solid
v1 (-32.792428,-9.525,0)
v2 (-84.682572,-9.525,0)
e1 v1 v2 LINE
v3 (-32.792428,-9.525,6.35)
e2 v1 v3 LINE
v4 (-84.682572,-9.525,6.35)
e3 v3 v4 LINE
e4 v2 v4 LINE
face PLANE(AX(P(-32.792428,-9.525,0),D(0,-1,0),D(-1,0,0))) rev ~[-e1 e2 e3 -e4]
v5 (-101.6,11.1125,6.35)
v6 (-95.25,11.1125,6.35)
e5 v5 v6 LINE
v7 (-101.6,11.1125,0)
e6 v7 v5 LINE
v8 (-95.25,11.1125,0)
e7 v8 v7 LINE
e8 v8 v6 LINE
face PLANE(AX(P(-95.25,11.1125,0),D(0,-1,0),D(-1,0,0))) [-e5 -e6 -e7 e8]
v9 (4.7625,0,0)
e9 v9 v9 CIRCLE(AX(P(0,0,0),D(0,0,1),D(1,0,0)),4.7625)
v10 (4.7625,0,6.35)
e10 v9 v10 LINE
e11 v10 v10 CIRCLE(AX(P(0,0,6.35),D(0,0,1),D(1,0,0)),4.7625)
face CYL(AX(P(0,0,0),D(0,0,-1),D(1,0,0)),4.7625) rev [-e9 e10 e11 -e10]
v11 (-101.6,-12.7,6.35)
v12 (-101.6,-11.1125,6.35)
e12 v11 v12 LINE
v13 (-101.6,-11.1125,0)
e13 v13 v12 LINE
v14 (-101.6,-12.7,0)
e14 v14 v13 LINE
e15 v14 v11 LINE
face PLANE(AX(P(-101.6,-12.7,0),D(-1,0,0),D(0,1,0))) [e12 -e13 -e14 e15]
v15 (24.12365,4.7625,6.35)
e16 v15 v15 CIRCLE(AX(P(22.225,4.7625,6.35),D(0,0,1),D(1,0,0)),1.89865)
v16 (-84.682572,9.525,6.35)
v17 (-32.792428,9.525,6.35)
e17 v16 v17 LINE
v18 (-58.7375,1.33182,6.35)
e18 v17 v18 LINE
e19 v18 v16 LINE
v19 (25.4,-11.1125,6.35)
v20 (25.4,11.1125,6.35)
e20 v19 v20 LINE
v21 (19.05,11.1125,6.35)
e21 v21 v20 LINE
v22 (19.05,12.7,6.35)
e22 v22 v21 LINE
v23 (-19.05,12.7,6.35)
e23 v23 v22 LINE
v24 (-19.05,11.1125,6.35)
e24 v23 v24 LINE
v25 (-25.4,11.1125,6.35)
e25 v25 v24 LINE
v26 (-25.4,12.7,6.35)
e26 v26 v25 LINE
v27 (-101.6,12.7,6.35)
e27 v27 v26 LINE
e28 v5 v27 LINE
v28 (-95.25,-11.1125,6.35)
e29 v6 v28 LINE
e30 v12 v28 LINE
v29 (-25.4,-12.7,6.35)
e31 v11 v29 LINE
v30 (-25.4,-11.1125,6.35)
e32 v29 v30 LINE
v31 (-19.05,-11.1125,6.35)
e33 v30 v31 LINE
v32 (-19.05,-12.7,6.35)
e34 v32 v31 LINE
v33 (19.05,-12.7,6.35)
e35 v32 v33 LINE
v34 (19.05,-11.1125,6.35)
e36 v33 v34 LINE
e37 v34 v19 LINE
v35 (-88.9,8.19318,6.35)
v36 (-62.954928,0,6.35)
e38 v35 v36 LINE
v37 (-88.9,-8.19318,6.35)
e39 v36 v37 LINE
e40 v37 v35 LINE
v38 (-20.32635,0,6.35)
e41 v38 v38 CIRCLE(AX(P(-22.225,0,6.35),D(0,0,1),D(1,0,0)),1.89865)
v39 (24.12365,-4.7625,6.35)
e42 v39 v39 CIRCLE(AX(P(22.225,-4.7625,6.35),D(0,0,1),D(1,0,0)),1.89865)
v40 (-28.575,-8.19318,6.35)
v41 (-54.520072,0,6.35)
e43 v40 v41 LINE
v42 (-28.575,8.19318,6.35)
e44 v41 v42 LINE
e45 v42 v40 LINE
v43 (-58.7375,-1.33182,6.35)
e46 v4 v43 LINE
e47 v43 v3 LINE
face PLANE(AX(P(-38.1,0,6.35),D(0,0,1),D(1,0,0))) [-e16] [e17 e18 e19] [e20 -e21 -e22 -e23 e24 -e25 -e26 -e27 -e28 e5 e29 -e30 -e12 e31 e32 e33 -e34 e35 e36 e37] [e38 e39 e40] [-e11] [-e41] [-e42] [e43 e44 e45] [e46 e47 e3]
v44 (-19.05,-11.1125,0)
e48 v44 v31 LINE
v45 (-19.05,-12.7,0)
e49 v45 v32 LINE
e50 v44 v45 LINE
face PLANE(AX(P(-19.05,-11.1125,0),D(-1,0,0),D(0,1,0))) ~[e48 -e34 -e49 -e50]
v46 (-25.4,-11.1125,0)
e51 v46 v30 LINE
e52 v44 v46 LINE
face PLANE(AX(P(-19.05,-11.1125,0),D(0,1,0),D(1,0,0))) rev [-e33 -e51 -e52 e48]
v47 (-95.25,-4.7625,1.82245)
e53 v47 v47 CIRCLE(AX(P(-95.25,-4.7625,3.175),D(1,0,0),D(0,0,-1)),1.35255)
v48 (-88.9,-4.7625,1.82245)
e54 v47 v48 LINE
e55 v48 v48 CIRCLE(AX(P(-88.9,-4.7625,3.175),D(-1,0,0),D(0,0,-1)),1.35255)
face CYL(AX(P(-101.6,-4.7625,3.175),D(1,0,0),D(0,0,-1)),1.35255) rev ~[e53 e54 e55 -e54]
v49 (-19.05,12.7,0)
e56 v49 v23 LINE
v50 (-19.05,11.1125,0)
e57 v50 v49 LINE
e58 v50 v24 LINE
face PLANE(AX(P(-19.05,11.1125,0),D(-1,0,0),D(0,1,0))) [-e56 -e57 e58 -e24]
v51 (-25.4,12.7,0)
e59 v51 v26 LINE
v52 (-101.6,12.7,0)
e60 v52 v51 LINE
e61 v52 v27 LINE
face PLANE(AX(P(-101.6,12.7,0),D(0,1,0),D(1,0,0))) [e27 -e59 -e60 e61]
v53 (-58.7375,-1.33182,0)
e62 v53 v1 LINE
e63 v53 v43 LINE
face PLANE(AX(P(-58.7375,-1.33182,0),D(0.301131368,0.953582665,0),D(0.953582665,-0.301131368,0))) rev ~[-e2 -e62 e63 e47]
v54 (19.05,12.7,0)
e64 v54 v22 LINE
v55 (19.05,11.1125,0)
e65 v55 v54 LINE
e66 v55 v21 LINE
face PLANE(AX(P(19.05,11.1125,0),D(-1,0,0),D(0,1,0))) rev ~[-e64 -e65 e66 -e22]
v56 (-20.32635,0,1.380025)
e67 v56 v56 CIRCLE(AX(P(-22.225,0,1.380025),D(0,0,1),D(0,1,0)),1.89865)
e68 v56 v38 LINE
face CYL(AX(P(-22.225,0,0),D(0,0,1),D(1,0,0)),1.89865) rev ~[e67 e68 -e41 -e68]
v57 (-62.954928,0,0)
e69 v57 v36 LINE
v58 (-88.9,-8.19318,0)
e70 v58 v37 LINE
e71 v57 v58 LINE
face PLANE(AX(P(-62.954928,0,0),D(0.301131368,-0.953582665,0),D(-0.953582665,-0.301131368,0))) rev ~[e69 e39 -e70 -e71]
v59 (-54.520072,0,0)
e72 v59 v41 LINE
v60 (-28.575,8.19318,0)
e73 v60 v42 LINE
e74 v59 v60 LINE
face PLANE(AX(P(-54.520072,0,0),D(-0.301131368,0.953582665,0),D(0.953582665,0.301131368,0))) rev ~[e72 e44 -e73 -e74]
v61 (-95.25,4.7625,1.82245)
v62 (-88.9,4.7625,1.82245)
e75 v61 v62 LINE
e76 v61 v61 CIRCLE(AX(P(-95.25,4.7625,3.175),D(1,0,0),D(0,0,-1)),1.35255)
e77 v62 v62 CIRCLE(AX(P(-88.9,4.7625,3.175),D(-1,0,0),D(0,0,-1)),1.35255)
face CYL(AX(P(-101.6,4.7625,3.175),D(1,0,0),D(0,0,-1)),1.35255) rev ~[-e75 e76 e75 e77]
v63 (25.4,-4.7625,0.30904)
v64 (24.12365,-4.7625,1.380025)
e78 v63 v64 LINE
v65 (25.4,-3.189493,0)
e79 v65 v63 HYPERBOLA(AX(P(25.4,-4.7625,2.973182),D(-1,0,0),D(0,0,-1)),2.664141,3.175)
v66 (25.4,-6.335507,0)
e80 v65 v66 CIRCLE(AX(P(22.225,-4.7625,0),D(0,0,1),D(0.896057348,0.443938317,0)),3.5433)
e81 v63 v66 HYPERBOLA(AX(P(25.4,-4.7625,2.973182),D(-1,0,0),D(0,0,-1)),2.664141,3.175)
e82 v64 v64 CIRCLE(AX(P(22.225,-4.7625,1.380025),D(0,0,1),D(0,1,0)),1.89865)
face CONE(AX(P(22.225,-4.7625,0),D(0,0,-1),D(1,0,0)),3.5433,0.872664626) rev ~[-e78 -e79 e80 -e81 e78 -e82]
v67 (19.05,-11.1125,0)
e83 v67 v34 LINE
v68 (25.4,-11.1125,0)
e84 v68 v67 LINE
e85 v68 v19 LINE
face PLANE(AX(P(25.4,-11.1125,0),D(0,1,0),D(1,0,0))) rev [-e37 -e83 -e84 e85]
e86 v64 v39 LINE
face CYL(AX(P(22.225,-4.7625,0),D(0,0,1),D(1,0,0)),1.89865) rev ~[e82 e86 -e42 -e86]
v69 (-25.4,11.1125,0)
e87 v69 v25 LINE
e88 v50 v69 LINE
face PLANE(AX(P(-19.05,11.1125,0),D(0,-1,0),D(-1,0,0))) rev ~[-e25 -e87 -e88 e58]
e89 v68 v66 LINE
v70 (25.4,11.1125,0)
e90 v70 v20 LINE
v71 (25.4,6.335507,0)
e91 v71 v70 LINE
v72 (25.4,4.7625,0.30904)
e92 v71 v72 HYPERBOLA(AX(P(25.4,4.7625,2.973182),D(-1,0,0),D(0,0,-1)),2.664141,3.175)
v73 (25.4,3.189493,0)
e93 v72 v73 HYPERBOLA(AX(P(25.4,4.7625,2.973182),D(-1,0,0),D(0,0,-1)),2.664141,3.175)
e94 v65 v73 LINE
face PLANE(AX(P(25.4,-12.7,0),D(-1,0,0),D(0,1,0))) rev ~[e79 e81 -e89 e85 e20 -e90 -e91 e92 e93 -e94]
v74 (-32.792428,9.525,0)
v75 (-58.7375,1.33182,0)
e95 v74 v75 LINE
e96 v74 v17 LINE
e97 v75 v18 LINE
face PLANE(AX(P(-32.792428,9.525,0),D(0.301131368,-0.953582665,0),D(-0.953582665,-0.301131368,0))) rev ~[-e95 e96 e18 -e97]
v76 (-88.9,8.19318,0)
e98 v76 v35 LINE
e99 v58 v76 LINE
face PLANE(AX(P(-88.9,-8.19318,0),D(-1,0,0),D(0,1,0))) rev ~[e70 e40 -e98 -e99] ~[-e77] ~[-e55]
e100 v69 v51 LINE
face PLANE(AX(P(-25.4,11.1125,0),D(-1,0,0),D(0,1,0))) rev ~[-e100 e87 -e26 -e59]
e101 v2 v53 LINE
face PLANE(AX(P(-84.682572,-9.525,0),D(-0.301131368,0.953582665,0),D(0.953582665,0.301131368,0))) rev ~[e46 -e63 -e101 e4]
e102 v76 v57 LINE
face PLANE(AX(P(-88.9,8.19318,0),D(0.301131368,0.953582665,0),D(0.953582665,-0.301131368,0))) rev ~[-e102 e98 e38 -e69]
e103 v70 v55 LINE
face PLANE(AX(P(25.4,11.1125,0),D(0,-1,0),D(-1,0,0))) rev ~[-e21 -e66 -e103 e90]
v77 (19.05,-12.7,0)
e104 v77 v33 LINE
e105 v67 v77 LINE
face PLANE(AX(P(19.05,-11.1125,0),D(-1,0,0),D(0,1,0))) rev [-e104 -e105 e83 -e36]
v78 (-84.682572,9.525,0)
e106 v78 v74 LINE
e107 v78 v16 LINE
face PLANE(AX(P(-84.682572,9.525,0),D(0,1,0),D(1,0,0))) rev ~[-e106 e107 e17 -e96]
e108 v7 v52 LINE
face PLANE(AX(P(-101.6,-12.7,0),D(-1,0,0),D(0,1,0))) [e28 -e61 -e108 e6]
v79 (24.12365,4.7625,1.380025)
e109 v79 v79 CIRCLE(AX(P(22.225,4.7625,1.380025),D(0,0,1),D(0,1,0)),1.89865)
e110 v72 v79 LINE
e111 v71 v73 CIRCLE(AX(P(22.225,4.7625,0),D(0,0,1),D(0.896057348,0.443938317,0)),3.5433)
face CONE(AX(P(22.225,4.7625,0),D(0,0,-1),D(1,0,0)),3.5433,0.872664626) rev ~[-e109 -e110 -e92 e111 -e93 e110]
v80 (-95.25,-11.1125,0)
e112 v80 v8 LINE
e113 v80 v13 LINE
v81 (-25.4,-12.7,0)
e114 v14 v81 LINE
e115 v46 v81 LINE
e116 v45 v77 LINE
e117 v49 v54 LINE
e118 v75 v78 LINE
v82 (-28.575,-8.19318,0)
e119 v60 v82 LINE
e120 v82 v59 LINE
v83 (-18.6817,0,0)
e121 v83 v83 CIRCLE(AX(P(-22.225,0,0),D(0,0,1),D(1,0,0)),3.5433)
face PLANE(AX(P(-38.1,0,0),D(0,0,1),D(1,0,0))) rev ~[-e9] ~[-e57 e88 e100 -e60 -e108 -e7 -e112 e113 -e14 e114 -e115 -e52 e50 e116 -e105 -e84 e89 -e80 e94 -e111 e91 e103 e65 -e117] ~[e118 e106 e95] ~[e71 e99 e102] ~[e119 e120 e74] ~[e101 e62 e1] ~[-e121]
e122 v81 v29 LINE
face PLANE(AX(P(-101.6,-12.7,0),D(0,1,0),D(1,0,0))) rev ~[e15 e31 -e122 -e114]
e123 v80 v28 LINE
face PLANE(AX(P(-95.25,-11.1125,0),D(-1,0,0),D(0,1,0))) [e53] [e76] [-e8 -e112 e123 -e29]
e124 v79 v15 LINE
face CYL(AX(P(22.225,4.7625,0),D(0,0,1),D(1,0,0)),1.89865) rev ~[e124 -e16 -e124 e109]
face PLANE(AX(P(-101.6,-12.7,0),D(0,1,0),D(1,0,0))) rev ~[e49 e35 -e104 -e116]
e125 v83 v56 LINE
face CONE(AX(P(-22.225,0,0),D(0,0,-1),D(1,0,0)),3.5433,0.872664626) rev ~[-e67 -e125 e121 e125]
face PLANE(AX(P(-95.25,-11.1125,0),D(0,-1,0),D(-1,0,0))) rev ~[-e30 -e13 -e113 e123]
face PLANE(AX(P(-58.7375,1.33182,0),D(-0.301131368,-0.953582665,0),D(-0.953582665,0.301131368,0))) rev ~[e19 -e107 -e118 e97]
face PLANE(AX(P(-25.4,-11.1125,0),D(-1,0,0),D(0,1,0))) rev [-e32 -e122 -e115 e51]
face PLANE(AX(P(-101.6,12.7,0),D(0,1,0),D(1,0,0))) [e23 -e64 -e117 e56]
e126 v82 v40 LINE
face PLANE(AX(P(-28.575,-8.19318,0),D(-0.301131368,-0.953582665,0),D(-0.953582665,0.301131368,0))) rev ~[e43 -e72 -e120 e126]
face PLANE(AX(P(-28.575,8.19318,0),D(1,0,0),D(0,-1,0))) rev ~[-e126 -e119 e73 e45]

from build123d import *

# Parameters (mm, degrees)
SKETCH1_W                                         = 127
SKETCH1_H                                         = 25.4
SKETCH1_R                                         = 4.7625
BOSS_EXTRUDE1_DEPTH                               = 6.35
CSK_FOR_6_FLAT_HEAD_MACHINE_SCREW_100_D           = 3.7973
CSK_FOR_6_FLAT_HEAD_MACHINE_SCREW_100_CSINK_D     = 7.0866
CSK_FOR_6_FLAT_HEAD_MACHINE_SCREW_100_CSINK_ANGLE = 100
SKETCH5_W                                         = 6.35
SKETCH5_H                                         = 22.225
CUT_EXTRUDE1_DEPTH                                = 103.587389576
SKETCH6_W                                         = 6.35
SKETCH6_H                                         = 1.5875
CUT_EXTRUDE2_DEPTH                                = 103.587389576
TAP_DRILL_FOR_6_32_TAP1_D                         = 2.7051
TAP_DRILL_FOR_6_32_TAP1_DEPTH                     = 6.35
TAP_DRILL_FOR_6_32_TAP1_TIP                       = 0.81269403


with BuildPart() as part:
    # Sketch1 → Boss-Extrude1 (new body)
    with BuildSketch(Plane.XY):
        with Locations((-38.1, 0)):
            Rectangle(SKETCH1_W, SKETCH1_H)
        Polygon((-88.9, 8.193180488), (-62.954928456, 0), (-88.9, -8.193180488), align=None, mode=Mode.SUBTRACT)
        Polygon((-84.682571544, -9.525), (-58.7375, -1.331819512), (-32.792428456, -9.525), align=None, mode=Mode.SUBTRACT)
        Polygon((-28.575, -8.193180488), (-54.520071544, 0), (-28.575, 8.193180488), align=None, mode=Mode.SUBTRACT)
        Polygon((-32.792428456, 9.525), (-58.7375, 1.331819512), (-84.682571544, 9.525), align=None, mode=Mode.SUBTRACT)
        Circle(SKETCH1_R, mode=Mode.SUBTRACT)
    extrude(amount=BOSS_EXTRUDE1_DEPTH)

    # CSK for #6 Flat Head Machine Screw (100)1 (through all)
    with Locations(Plane(origin=(0, 0, 0), x_dir=(-1, 0, 0), z_dir=(0, 0, -1))):
        with Locations((-22.225, 4.7625), (-22.225, -4.7625), (22.225, 0)):
            CounterSinkHole(CSK_FOR_6_FLAT_HEAD_MACHINE_SCREW_100_D / 2, CSK_FOR_6_FLAT_HEAD_MACHINE_SCREW_100_CSINK_D / 2, counter_sink_angle=CSK_FOR_6_FLAT_HEAD_MACHINE_SCREW_100_CSINK_ANGLE)

    # Sketch5 → Cut-Extrude1 (cut, through all)
    with BuildSketch(Plane(origin=(0, 0, 0), x_dir=(-1, 0, 0), z_dir=(0, 0, -1))):
        with Locations((98.425, 0)):
            Rectangle(SKETCH5_W, SKETCH5_H)
    extrude(amount=-CUT_EXTRUDE1_DEPTH, mode=Mode.SUBTRACT)

    # Sketch6 → Cut-Extrude2 (cut, through all)
    with BuildSketch(Plane(origin=(0, 0, 0), x_dir=(-1, 0, 0), z_dir=(0, 0, -1))):
        with Locations((22.225, 11.90625)):
            Rectangle(SKETCH6_W, SKETCH6_H)
        with Locations((-22.225, 11.90625)):
            Rectangle(SKETCH6_W, SKETCH6_H)
    cut_extrude2 = extrude(amount=-CUT_EXTRUDE2_DEPTH, mode=Mode.SUBTRACT)

    # Mirror3: Cut-Extrude2 across plane
    add(cut_extrude2.mirror(Plane(origin=(0, 0, 0), x_dir=(0, 0, 1), z_dir=(0, -1, 0))), mode=Mode.SUBTRACT)

    # Tap Drill for #6-32 Tap1
    with Locations(Plane.ZY.offset(95.25)):
        with Locations((3.175, 4.7625), (3.175, -4.7625)):
            Hole(TAP_DRILL_FOR_6_32_TAP1_D / 2, depth=TAP_DRILL_FOR_6_32_TAP1_DEPTH)
            with Locations((0, 0, -(TAP_DRILL_FOR_6_32_TAP1_DEPTH + TAP_DRILL_FOR_6_32_TAP1_TIP / 2))):  # 118° drill point
                Cone(0, TAP_DRILL_FOR_6_32_TAP1_D / 2, TAP_DRILL_FOR_6_32_TAP1_TIP, mode=Mode.SUBTRACT)


solid = part.part
